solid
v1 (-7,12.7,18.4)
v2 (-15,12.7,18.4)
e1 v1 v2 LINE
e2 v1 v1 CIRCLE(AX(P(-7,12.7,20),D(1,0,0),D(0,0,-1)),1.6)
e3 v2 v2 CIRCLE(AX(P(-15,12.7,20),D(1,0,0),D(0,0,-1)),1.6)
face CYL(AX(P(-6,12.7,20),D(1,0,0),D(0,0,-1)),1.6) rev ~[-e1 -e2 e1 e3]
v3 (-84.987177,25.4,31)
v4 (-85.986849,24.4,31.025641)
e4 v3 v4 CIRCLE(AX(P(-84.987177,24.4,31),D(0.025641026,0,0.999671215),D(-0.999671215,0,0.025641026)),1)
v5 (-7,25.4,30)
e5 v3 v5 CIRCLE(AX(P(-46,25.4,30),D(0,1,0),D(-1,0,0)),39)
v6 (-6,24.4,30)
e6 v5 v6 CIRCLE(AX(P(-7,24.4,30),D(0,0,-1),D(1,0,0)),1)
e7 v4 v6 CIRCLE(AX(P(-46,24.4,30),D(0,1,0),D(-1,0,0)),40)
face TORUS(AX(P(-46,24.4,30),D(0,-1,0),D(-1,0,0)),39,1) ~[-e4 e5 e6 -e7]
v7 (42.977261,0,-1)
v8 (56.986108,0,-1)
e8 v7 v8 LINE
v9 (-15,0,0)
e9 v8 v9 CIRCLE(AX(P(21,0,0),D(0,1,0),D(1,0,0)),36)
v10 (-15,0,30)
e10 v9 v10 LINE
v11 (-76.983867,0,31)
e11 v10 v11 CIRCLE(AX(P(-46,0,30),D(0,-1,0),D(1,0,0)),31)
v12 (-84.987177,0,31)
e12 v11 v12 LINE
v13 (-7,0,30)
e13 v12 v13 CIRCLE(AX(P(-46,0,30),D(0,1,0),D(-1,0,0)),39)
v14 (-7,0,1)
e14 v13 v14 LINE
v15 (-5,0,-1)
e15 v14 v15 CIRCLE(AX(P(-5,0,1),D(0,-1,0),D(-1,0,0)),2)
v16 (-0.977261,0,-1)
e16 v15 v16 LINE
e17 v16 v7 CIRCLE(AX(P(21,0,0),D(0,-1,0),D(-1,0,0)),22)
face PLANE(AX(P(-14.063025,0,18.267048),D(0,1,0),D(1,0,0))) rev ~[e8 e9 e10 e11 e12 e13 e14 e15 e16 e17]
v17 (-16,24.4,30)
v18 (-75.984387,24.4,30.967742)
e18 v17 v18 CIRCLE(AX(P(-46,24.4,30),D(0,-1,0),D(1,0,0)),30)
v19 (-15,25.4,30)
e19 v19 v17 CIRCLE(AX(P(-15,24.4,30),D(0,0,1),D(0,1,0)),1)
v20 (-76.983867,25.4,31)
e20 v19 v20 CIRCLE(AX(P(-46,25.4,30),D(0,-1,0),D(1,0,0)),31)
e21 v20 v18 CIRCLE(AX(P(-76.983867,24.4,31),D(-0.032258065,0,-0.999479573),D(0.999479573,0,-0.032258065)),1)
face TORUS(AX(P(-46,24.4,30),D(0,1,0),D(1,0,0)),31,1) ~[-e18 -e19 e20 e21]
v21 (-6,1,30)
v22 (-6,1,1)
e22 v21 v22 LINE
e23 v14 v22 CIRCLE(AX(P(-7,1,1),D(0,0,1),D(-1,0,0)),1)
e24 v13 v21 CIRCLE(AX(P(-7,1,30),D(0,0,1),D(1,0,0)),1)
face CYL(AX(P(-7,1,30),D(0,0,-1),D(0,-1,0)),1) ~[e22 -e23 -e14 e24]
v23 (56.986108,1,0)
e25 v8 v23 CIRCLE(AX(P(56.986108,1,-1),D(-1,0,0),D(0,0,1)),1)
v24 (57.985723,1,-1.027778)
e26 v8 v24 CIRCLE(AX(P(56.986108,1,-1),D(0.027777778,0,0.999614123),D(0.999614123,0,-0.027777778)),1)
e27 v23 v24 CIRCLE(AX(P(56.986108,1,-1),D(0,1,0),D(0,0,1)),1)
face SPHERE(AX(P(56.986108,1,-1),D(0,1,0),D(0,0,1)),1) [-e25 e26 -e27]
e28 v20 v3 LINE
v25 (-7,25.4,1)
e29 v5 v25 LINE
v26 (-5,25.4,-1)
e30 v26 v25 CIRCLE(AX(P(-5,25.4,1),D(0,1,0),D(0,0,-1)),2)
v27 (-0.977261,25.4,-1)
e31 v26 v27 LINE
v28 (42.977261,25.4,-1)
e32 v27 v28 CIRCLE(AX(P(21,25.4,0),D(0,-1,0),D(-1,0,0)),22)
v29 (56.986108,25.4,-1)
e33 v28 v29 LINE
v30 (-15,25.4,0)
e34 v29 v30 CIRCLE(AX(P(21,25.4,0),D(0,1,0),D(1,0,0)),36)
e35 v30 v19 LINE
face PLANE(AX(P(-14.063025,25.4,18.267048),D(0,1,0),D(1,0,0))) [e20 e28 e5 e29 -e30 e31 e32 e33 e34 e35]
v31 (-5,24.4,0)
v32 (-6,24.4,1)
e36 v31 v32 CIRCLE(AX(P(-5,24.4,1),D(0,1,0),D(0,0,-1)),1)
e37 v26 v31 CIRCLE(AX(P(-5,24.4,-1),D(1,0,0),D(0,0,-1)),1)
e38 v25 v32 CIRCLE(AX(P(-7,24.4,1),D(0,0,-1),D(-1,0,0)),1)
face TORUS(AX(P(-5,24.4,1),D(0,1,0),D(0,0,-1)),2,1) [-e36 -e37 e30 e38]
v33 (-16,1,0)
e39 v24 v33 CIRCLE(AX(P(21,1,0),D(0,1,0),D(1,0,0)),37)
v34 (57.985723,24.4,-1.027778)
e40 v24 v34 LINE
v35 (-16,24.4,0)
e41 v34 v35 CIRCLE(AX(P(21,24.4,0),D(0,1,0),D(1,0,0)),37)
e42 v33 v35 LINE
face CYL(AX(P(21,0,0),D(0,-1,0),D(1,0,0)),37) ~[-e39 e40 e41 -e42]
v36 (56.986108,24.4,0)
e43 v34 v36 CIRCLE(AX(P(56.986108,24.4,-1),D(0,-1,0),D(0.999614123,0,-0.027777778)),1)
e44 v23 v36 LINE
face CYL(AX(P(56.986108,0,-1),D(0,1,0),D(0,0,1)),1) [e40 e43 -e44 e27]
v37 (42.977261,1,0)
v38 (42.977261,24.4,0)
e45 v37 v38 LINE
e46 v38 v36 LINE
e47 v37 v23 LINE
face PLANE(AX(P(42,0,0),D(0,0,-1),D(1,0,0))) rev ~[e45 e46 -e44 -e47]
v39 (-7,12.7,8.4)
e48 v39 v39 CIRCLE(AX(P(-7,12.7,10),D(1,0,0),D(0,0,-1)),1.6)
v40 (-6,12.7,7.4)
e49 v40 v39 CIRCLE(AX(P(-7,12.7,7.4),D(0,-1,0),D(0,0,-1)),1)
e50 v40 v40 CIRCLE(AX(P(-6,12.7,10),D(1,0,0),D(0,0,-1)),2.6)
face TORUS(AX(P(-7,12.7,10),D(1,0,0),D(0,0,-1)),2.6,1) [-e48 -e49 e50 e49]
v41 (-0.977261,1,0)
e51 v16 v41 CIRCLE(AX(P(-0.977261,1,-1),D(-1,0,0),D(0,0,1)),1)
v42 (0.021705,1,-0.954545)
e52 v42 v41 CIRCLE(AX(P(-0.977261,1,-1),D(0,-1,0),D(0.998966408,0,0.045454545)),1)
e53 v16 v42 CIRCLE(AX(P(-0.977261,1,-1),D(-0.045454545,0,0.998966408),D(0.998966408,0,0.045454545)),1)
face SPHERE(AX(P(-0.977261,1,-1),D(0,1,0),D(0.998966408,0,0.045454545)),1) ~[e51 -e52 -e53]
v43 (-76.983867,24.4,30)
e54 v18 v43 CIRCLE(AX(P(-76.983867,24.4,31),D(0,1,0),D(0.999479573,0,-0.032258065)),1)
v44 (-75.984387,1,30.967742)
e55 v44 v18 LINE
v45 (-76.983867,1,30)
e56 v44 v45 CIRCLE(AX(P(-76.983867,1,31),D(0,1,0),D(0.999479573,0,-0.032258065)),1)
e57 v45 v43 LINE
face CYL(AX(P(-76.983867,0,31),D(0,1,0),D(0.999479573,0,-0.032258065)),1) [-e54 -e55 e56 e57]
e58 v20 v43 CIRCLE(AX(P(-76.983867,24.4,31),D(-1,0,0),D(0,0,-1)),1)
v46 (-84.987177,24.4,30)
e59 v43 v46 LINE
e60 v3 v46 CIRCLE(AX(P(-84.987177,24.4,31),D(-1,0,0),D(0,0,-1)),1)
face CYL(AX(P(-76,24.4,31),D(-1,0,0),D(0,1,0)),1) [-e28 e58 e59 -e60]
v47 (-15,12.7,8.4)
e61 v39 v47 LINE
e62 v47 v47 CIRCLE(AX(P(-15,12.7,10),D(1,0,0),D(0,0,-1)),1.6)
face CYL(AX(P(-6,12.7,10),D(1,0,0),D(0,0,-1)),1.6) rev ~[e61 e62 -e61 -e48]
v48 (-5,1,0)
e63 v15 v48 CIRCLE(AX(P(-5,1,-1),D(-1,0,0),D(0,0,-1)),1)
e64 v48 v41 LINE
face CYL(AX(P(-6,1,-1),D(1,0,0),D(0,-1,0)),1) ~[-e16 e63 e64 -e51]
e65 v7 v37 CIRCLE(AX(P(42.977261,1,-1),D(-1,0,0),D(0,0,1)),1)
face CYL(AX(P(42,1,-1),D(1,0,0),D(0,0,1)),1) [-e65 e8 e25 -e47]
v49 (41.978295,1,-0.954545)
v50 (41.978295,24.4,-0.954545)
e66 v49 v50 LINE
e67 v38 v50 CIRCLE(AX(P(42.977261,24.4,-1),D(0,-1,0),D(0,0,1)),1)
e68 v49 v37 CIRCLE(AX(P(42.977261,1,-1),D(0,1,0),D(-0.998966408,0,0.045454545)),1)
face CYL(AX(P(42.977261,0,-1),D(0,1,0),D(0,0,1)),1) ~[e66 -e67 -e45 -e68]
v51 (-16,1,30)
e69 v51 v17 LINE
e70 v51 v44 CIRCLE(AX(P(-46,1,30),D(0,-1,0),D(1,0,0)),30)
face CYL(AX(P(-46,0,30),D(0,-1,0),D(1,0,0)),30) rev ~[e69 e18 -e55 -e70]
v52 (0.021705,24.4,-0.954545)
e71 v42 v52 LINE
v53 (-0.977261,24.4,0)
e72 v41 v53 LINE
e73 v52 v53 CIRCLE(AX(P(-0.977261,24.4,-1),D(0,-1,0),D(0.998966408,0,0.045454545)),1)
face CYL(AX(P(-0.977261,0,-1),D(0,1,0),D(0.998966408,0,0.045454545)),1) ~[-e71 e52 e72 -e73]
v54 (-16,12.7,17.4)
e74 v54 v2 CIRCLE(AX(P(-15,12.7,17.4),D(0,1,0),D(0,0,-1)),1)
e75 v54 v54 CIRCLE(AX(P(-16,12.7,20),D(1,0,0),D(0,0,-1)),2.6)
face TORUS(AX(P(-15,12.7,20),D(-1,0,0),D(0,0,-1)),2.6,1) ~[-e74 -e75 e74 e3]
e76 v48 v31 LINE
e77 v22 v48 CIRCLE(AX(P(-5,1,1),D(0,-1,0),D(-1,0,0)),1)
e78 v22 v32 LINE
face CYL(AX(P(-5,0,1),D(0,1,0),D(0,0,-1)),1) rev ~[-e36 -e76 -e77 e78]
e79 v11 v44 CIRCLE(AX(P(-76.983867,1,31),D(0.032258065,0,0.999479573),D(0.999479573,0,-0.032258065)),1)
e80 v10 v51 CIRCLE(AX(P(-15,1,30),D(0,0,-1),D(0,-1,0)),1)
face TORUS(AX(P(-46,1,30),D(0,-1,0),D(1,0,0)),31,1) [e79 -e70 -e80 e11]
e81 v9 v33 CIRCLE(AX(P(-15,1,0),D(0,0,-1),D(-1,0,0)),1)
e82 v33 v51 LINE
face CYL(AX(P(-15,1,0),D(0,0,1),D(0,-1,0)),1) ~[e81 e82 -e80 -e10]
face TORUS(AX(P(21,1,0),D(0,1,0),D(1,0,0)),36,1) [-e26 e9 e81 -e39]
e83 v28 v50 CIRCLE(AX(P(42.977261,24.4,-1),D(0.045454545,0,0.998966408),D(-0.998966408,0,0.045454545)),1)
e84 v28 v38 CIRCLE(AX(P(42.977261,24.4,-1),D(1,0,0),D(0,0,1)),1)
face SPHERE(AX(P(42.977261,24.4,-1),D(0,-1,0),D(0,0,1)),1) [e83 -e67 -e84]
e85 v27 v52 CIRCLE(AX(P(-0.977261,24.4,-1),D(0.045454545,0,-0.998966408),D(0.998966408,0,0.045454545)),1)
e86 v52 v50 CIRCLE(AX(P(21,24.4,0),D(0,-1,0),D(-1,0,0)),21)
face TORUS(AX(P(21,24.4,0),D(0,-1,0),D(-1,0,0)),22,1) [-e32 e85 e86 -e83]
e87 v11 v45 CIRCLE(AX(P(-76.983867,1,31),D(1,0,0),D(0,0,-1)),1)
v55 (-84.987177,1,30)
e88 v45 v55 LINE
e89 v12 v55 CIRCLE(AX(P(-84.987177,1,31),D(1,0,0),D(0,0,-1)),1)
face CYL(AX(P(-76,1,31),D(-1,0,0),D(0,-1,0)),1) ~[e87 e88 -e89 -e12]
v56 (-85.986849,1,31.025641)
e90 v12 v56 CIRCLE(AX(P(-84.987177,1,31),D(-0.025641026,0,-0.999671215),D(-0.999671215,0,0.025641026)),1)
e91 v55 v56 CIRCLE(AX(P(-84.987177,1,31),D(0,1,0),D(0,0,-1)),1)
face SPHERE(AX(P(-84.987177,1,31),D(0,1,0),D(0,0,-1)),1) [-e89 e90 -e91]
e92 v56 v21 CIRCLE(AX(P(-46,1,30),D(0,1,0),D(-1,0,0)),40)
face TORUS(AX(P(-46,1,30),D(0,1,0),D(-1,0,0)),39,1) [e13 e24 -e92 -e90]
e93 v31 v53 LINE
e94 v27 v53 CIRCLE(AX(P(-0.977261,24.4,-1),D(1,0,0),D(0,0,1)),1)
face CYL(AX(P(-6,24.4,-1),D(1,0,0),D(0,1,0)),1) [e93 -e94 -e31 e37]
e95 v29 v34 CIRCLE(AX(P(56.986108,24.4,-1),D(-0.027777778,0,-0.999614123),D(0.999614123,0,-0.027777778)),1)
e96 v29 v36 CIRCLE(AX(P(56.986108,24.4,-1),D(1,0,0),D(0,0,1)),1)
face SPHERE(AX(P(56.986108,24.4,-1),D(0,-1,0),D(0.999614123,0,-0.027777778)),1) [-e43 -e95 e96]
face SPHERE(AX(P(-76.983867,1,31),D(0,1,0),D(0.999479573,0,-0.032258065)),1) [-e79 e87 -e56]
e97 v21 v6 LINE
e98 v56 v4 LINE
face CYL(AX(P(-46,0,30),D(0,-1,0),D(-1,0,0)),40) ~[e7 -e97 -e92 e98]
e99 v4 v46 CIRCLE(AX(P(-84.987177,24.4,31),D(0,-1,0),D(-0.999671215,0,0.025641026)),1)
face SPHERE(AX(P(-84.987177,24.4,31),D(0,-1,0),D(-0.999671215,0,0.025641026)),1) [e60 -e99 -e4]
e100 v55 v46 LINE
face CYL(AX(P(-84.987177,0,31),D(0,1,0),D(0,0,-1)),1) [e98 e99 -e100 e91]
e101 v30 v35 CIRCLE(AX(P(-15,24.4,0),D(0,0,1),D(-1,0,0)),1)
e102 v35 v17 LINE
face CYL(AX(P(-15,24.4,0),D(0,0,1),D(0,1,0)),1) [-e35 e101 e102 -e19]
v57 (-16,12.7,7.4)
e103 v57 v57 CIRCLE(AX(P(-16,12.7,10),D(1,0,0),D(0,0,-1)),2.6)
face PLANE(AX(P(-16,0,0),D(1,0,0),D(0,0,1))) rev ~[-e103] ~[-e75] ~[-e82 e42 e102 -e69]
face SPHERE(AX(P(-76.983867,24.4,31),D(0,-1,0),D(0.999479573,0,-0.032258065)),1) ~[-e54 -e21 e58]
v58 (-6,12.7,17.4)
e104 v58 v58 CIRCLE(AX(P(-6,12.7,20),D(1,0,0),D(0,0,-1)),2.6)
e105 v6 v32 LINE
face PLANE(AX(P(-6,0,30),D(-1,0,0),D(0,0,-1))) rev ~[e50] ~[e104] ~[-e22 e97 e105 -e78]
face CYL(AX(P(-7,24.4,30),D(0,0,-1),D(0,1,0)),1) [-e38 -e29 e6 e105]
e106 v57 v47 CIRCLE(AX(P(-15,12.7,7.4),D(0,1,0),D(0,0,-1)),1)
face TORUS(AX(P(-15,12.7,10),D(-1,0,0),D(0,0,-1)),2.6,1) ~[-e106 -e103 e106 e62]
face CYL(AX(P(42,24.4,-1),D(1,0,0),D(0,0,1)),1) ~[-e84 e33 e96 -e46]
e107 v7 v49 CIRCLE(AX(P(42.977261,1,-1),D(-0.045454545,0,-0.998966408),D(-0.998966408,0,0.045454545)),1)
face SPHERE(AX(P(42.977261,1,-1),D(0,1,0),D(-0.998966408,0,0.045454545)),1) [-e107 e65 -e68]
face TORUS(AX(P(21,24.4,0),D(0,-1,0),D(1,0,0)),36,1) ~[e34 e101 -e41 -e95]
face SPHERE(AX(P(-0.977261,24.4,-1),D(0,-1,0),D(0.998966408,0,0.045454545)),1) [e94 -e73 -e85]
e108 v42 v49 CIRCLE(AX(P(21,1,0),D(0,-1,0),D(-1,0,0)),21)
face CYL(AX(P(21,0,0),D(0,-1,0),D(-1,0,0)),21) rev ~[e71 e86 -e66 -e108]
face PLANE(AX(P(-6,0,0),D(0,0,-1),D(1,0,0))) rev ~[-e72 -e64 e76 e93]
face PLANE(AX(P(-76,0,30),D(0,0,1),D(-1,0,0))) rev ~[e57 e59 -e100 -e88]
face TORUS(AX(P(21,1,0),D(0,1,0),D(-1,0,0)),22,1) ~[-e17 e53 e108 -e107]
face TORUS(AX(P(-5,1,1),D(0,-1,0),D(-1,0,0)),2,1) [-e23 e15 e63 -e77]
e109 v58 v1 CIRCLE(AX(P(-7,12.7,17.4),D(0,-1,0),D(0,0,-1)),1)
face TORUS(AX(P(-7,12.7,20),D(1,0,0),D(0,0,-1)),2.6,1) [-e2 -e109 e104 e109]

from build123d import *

# Parameters (mm, degrees)
BOSS_EXTRUDE1_DEPTH = 25.4
SKETCH3_R           = 1.6
CUT_EXTRUDE2_DEPTH  = 110.293915659
FILLET1_R           = 1


with BuildPart() as part:
    # Sketch1 → Boss-Extrude1 (new body)
    with BuildSketch(Plane(origin=(0, 0, 0), x_dir=(1, 0, 0), z_dir=(0, 1, 0))):
        with BuildLine():
            Line((42, 0), (58, 0))
            ThreePointArc((58, 0), (21, 37), (-16, 0))
            Line((-16, 0), (-16, -30))
            ThreePointArc((-16, -30), (-46, -60), (-76, -30))
            Line((-76, -30), (-86, -30))
            ThreePointArc((-86, -30), (-46, -70), (-6, -30))
            Line((-6, -30), (-6, 0))
            Line((-6, 0), (0, 0))
            ThreePointArc((0, 0), (21, 21), (42, 0))
        make_face()
    extrude(amount=BOSS_EXTRUDE1_DEPTH)

    # Sketch3 → Cut-Extrude2 (cut, through all)
    with BuildSketch(Plane(origin=(-6, 0, 0), x_dir=(0, 0, -1), z_dir=(1, 0, 0))):
        with Locations((-20, 12.7)):
            Circle(SKETCH3_R)
        with Locations((-10, 12.7)):
            Circle(SKETCH3_R)
    extrude(amount=-CUT_EXTRUDE2_DEPTH, mode=Mode.SUBTRACT)

    # Fillet1
    fillet1_edges = [part.edges().sort_by_distance(p)[0] for p in [
        (-46, 25.4, 70),
        (-46, 0, 60),
        (-81, 0, 30),
        (-46, 0, 70),
        (-6, 0, 15),
        (-3, 0, 0),
        (-81, 25.4, 30),
        (0, 12.7, 0),
        (42, 12.7, 0),
        (58, 12.7, 0),
        (-76, 12.7, 30),
        (-86, 12.7, 30),
        (-6, 12.7, 0),
        (-46, 25.4, 60),
        (-16, 25.4, 15),
        (21, 25.4, -37),
        (50, 25.4, 0),
        (-16, 12.7, 21.6),
        (-6, 12.7, 21.6),
        (21, 25.4, -21),
        (-16, 12.7, 11.6),
        (-6, 12.7, 11.6),
        (-3, 25.4, 0),
        (-6, 25.4, 15),
        (21, 0, -21),
        (50, 0, 0),
        (21, 0, -37),
        (-16, 0, 15),
    ]]
    fillet(fillet1_edges, radius=FILLET1_R)


solid = part.part
